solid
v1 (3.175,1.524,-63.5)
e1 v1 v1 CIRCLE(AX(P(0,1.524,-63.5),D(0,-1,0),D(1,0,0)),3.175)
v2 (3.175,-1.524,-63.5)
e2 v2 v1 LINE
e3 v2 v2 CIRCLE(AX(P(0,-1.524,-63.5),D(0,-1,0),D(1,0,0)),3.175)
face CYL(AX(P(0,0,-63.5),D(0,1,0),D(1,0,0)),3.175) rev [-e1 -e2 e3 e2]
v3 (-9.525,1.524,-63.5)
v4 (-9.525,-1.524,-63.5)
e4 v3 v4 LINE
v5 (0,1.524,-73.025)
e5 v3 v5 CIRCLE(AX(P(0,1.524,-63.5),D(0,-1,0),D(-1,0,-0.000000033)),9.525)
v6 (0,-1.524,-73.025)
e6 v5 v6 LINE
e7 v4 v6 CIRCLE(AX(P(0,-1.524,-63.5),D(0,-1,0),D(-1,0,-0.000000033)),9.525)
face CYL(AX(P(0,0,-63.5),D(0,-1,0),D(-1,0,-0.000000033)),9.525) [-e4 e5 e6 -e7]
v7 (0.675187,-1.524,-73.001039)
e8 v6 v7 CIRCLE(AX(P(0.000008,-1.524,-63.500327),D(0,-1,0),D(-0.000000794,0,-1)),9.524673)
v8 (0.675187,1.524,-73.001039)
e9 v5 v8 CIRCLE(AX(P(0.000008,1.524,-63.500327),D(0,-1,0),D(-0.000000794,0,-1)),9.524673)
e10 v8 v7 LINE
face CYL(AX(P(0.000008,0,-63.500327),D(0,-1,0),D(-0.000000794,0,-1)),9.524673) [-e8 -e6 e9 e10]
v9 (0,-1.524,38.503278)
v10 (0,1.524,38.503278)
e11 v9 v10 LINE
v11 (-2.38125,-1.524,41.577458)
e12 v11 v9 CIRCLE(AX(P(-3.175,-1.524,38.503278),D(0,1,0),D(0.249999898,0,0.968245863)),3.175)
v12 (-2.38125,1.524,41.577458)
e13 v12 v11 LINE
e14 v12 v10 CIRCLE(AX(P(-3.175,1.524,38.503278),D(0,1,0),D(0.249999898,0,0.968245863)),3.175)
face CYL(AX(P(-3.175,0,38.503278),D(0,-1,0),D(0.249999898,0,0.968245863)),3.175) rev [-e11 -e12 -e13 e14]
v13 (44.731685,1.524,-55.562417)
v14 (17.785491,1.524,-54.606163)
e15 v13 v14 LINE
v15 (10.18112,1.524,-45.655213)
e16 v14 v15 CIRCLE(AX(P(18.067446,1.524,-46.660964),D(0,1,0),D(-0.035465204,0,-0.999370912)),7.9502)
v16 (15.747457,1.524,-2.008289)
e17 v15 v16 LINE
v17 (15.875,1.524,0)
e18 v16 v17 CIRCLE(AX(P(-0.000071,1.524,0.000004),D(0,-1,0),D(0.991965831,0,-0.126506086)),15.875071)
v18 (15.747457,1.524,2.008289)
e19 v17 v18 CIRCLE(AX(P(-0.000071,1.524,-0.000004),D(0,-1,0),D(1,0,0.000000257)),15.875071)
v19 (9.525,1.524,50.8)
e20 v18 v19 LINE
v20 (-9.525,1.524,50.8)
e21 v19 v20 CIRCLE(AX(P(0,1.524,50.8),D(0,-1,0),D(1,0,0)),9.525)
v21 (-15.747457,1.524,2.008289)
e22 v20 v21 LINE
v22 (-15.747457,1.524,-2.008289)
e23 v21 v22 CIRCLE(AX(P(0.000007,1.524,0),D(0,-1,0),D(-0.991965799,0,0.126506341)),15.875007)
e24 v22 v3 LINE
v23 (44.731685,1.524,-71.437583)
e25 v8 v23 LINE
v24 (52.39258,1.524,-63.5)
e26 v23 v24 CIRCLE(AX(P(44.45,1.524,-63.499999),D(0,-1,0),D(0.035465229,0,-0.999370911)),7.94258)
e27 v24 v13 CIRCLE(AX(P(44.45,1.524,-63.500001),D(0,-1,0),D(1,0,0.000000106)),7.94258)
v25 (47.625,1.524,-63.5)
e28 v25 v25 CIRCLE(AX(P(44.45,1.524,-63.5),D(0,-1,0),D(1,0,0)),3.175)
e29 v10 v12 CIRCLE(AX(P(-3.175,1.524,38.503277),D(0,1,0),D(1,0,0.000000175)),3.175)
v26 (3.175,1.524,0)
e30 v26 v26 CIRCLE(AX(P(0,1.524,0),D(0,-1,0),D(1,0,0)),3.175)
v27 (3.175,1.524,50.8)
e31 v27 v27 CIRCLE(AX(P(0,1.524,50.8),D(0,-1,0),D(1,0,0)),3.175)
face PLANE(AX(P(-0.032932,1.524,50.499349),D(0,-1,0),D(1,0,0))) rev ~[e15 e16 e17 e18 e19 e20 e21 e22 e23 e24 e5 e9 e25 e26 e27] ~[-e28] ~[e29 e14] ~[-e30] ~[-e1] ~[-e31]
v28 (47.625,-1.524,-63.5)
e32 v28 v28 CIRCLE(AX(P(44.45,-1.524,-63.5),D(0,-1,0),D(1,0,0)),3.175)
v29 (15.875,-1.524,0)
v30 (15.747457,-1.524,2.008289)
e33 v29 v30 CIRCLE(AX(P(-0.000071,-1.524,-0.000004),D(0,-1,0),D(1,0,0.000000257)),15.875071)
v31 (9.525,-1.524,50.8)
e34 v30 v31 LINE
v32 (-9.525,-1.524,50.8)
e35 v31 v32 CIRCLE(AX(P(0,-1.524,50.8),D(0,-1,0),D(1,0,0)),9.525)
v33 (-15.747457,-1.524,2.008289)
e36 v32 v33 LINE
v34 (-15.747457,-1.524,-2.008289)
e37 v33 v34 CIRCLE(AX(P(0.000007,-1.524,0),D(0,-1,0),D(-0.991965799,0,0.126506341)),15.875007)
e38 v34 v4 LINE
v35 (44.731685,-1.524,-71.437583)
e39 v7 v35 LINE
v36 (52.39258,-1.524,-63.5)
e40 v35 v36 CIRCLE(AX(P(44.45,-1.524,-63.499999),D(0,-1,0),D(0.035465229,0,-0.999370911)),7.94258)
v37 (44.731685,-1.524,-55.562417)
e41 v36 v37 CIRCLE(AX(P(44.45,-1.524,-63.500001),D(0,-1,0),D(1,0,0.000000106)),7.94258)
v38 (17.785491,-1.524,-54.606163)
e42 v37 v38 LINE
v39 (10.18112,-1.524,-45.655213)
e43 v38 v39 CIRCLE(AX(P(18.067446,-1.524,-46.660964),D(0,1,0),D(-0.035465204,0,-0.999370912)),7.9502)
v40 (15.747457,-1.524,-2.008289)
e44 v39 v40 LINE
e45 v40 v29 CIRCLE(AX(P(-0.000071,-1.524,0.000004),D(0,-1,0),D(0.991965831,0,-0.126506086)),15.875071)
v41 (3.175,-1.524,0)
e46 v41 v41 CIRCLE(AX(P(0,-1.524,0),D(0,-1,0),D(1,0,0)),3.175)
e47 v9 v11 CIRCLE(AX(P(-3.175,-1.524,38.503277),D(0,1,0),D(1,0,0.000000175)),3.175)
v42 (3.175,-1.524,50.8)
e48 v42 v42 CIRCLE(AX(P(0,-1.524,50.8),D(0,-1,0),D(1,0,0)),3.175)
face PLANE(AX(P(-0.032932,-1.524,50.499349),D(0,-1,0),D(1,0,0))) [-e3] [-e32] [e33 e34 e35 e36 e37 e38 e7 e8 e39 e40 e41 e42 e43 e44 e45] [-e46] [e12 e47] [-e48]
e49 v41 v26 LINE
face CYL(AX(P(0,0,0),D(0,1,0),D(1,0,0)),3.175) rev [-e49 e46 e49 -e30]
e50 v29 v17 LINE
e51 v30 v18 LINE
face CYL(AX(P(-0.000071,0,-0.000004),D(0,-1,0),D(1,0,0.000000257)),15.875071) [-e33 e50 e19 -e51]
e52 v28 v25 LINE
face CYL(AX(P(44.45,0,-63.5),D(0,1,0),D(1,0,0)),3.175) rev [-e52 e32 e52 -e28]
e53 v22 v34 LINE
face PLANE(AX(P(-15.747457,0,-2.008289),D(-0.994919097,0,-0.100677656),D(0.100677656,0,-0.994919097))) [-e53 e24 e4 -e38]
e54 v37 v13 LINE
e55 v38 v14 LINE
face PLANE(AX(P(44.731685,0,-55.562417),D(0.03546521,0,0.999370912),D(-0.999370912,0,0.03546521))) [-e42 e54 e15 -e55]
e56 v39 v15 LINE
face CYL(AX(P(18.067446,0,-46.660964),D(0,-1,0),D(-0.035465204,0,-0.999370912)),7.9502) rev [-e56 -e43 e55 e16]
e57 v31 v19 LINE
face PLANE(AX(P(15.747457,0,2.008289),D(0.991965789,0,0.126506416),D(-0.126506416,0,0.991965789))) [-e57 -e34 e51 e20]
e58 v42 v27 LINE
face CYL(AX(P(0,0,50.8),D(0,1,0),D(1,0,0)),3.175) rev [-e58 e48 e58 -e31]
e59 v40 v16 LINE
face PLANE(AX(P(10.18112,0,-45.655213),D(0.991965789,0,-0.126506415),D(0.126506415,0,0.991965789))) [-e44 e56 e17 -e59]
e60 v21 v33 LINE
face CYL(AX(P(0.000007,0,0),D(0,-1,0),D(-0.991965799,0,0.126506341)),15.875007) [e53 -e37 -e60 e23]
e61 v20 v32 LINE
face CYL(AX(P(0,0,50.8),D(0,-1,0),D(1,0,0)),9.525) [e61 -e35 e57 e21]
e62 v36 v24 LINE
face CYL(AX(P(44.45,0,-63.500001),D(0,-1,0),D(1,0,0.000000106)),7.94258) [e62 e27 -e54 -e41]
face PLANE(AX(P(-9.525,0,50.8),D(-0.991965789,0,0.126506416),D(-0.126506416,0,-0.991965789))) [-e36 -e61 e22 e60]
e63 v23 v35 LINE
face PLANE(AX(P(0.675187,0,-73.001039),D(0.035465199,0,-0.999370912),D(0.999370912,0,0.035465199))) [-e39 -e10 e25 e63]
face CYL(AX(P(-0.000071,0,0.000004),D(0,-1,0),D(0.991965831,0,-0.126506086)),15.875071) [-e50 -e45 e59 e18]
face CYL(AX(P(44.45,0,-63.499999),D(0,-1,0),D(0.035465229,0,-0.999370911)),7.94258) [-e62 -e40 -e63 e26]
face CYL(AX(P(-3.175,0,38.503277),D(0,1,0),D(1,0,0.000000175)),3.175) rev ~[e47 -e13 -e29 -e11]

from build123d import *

# Parameters (mm, degrees)
F0_R     = 3.175
F1_DEPTH = 1.524


with BuildPart() as f1:
    # F0 (on Front) → F1 (new body, symmetric)
    with BuildSketch(Plane.XZ):
        with BuildLine():
            ThreePointArc((-2.38125, 41.577458), (5.832848, 43.269826), (9.525, 50.8))
            ThreePointArc((9.525, 50.8), (0, 60.325), (-9.525, 50.8))
            ThreePointArc((-9.525, 50.8), (-7.530174, 44.967152), (-2.38125, 41.577458))
        make_face()
        with Locations((0, 50.8)):
            Circle(F0_R, mode=Mode.SUBTRACT)
        with BuildLine():
            Line((15.747457, 2.008289), (9.525, 50.8))
            ThreePointArc((9.525, 50.8), (5.832848, 43.269826), (-2.38125, 41.577458))
            ThreePointArc((-2.38125, 41.577458), (-7.530174, 44.967152), (-9.525, 50.8))
            Line((-9.525, 50.8), (-15.747457, 2.008289))
            ThreePointArc((-15.747457, 2.008289), (0, 15.875), (15.747457, 2.008289))
        make_face()
        with BuildLine():
            ThreePointArc((0, 38.503278), (-5.685058, 36.558995), (-2.38125, 41.577458))
            ThreePointArc((-2.38125, 41.577458), (-0.664942, 40.44756), (0, 38.503278))
        make_face(mode=Mode.SUBTRACT)
        with BuildLine():
            ThreePointArc((15.875, 0), (15.843082, 1.006168), (15.747457, 2.008289))
            ThreePointArc((15.747457, 2.008289), (0, 15.875), (-15.747457, 2.008289))
            ThreePointArc((-15.747457, 2.008289), (-15.875, 0), (-15.747457, -2.008289))
            ThreePointArc((-15.747457, -2.008289), (0, -15.875), (15.747457, -2.008289))
            ThreePointArc((15.747457, -2.008289), (15.843082, -1.006168), (15.875, 0))
        make_face()
        Circle(F0_R, mode=Mode.SUBTRACT)
        with BuildLine():
            ThreePointArc((15.747457, -2.008289), (0, -15.875), (-15.747457, -2.008289))
            Line((-15.747457, -2.008289), (-9.525, -63.5))
            ThreePointArc((-9.525, -63.5), (0, -53.975), (9.525, -63.5))
            ThreePointArc((9.525, -63.5), (6.96982, -69.99209), (0.675187, -73.001039))
            Line((0.675187, -73.001039), (44.731685, -71.437583))
            ThreePointArc((44.731685, -71.437583), (36.50742, -63.5), (44.731685, -55.562417))
            Line((44.731685, -55.562417), (17.785491, -54.606163))
            ThreePointArc((17.785491, -54.606163), (12.008562, -51.808352), (10.18112, -45.655213))
            Line((10.18112, -45.655213), (15.747457, -2.008289))
        make_face()
        with BuildLine():
            ThreePointArc((9.525, -63.5), (0, -53.975), (-9.525, -63.5))
            ThreePointArc((-9.525, -63.5), (-6.735192, -70.235192), (0, -73.025))
            Line((0, -73.025), (0.675187, -73.001039))
            ThreePointArc((0.675187, -73.001039), (6.96982, -69.99209), (9.525, -63.5))
        make_face()
        with Locations((0, -63.5)):
            Circle(F0_R, mode=Mode.SUBTRACT)
        with BuildLine():
            Line((0.675187, -73.001039), (0, -73.025))
            ThreePointArc((0, -73.025), (0.337806, -73.019008), (0.675187, -73.001039))
        make_face()
        with BuildLine():
            ThreePointArc((52.39258, -63.5), (50.164975, -57.984238), (44.731685, -55.562417))
            ThreePointArc((44.731685, -55.562417), (36.50742, -63.5), (44.731685, -71.437583))
            ThreePointArc((44.731685, -71.437583), (50.164975, -69.015762), (52.39258, -63.5))
        make_face()
        with Locations((44.45, -63.5)):
            Circle(F0_R, mode=Mode.SUBTRACT)
    extrude(amount=F1_DEPTH, both=True)


solid = f1.part
